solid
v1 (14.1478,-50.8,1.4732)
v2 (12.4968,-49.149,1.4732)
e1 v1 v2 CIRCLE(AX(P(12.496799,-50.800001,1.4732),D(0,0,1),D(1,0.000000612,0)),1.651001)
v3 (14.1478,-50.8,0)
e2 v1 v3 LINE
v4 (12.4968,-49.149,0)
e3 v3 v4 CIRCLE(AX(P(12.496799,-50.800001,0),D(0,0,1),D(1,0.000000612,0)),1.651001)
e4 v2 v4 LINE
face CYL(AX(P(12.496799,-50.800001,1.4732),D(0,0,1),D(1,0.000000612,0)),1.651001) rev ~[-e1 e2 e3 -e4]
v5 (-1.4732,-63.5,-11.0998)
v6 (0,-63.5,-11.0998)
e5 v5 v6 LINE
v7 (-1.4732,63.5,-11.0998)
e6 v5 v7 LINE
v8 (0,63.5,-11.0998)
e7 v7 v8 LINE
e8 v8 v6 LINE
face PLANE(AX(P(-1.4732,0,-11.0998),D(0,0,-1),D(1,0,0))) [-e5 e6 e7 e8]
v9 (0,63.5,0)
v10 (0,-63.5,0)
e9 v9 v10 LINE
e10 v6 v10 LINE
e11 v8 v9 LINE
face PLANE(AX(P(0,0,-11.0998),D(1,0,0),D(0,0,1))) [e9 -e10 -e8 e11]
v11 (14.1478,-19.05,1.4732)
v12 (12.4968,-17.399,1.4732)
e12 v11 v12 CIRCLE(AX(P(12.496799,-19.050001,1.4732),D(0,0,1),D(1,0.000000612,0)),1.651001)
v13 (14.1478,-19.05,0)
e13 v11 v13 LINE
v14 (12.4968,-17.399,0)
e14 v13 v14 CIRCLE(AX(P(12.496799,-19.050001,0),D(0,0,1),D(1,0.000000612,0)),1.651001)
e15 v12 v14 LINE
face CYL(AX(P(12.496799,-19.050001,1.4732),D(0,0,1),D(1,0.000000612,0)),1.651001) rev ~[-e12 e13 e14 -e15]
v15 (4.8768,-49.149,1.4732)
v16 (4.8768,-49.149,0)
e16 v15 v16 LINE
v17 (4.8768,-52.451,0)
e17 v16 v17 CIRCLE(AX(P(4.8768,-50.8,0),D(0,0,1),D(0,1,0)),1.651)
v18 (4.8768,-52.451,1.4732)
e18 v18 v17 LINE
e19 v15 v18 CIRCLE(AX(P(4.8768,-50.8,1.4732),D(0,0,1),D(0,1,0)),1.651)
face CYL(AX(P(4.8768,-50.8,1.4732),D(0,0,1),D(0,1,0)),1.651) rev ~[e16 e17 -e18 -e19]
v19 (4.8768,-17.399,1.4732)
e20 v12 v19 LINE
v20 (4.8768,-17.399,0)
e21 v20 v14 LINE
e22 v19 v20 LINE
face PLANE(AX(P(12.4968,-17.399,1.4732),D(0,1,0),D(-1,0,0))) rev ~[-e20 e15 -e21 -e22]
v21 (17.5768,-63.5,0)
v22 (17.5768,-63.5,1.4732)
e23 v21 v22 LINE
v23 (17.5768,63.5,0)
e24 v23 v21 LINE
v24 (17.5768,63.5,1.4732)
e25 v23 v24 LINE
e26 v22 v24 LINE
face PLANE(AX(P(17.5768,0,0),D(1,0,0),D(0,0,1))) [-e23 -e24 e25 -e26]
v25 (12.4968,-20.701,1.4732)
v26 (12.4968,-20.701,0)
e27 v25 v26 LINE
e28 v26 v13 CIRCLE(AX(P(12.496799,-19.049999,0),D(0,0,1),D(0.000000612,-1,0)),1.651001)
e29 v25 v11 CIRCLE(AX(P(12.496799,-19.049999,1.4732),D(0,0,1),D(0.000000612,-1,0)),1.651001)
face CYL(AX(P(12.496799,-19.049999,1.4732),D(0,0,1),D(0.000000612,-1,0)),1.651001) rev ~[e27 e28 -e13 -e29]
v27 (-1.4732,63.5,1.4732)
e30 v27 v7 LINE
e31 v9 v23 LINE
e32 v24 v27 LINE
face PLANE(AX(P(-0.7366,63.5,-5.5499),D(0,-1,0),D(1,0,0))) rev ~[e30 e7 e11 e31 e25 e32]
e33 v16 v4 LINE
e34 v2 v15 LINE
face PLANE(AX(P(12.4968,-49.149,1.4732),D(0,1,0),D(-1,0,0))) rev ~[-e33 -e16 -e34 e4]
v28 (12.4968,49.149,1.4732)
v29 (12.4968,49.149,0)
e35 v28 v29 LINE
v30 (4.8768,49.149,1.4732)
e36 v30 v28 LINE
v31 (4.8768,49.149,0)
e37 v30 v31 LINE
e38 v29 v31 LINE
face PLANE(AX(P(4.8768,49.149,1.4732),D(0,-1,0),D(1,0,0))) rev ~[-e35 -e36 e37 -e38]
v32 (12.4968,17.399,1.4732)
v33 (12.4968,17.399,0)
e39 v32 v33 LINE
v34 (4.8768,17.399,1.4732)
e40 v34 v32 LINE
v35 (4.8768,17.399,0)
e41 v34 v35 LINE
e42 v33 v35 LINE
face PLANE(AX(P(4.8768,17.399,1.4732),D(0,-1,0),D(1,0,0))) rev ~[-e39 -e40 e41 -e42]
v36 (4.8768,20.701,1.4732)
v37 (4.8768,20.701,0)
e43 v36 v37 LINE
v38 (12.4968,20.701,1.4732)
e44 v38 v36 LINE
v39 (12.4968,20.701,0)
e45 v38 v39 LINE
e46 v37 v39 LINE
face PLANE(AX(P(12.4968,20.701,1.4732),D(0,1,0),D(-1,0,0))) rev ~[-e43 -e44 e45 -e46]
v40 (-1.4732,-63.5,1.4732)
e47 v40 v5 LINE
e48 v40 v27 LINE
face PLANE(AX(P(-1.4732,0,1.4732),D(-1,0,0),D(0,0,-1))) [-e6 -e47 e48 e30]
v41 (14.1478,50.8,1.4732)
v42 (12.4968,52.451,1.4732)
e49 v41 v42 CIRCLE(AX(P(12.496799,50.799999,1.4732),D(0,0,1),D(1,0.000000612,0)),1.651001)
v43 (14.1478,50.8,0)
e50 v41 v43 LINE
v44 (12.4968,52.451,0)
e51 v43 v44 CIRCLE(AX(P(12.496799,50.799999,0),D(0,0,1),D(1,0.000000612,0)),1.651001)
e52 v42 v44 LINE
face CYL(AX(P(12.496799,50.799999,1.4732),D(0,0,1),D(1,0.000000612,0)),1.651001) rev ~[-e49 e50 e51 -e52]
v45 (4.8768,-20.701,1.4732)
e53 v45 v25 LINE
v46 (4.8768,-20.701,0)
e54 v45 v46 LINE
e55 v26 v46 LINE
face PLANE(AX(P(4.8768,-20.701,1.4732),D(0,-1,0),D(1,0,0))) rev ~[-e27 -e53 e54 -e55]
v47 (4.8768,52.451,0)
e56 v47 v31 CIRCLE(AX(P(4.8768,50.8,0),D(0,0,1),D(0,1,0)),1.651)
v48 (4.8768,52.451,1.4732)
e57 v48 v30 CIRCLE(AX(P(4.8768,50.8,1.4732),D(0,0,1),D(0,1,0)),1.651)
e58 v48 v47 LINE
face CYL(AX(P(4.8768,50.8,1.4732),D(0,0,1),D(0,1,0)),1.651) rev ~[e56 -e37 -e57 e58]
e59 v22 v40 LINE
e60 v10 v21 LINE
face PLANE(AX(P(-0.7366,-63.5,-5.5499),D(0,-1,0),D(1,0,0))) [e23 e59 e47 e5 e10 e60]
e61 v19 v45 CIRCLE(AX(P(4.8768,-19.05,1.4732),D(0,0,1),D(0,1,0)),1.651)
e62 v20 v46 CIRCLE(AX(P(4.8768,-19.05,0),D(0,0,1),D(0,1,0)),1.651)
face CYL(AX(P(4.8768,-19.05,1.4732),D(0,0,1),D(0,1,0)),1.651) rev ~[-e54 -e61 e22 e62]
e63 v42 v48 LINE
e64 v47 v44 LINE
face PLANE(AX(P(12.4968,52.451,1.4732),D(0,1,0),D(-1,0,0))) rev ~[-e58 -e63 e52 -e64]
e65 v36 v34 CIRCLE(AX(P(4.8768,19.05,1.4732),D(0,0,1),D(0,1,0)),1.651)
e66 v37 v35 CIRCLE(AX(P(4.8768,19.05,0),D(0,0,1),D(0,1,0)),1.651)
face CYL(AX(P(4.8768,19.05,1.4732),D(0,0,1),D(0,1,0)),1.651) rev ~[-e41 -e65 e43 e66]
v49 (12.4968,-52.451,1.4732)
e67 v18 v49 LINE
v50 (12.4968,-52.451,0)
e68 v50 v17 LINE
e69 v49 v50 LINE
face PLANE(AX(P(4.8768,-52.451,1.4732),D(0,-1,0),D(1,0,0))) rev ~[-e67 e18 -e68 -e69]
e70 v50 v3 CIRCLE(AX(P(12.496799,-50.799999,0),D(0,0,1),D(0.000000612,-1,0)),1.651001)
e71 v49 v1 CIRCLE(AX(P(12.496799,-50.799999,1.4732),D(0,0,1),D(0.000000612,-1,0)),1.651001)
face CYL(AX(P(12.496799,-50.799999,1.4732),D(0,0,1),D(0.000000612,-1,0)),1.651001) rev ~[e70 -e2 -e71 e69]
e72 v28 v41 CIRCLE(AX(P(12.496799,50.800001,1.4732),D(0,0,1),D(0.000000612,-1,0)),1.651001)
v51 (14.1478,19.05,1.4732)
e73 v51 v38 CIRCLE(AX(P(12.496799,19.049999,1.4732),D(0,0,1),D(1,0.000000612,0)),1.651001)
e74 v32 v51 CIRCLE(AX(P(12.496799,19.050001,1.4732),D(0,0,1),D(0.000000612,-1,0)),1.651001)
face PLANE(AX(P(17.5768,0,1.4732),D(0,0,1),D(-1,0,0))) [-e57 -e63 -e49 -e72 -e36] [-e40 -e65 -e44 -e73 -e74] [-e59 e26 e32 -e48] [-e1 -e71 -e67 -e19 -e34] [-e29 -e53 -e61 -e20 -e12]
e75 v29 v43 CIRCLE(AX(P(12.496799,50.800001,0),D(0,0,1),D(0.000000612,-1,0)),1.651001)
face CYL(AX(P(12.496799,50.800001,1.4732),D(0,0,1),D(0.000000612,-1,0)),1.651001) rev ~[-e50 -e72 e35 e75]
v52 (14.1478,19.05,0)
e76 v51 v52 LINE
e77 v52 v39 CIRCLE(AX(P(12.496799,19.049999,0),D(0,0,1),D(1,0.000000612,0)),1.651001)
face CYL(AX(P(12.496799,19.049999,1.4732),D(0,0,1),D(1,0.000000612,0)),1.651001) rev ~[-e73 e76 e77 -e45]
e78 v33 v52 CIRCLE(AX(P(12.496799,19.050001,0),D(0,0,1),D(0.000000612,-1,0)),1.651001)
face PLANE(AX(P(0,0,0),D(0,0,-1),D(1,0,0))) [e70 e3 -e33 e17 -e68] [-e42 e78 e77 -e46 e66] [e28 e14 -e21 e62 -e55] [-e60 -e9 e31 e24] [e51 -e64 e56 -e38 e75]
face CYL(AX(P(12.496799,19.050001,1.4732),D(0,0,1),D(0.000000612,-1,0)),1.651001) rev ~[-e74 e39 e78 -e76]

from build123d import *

# Parameters (mm, degrees)
F0_W     = 1.4732
F0_H     = 11.0998
F0_H_2   = 1.4732
F0_W_2   = 17.5768
F1_DEPTH = 63.5
F3_DEPTH = 12.574


with BuildPart() as f1:
    # F0 (on Front) → F1 (new body, symmetric)
    with BuildSketch(Plane.XZ):
        with Locations((-0.7366, -5.5499)):
            Rectangle(F0_W, F0_H)
        with Locations((-0.7366, 0.7366)):
            Rectangle(F0_W, F0_H_2)
        with Locations((8.7884, 0.7366)):
            Rectangle(F0_W_2, F0_H_2)
    extrude(amount=F1_DEPTH, both=True)

    # F2 (on face) → F3 (cut, through all)
    with BuildSketch(Plane.XY.offset(1.4732)):
        with BuildLine():
            ThreePointArc((12.4968, -52.451), (10.8458, -50.8), (12.4968, -49.149))
            Line((12.4968, -49.149), (4.8768, -49.149))
            ThreePointArc((4.8768, -49.149), (6.044233, -49.632567), (6.5278, -50.8))
            ThreePointArc((6.5278, -50.8), (6.044233, -51.967433), (4.8768, -52.451))
            Line((4.8768, -52.451), (12.4968, -52.451))
        make_face()
        with BuildLine():
            ThreePointArc((6.5278, -50.8), (6.044233, -49.632567), (4.8768, -49.149))
            ThreePointArc((4.8768, -49.149), (3.2258, -50.8), (4.8768, -52.451))
            ThreePointArc((4.8768, -52.451), (6.044233, -51.967433), (6.5278, -50.8))
        make_face()
        with BuildLine():
            ThreePointArc((12.4968, -52.451), (13.664233, -51.967433), (14.1478, -50.8))
            ThreePointArc((14.1478, -50.8), (13.664233, -49.632567), (12.4968, -49.149))
            ThreePointArc((12.4968, -49.149), (10.8458, -50.8), (12.4968, -52.451))
        make_face()
        with BuildLine():
            ThreePointArc((14.1478, -19.05), (13.664233, -17.882567), (12.4968, -17.399))
            ThreePointArc((12.4968, -17.399), (10.8458, -19.05), (12.4968, -20.701))
            ThreePointArc((12.4968, -20.701), (13.664233, -20.217433), (14.1478, -19.05))
        make_face()
        with BuildLine():
            Line((12.4968, -17.399), (4.8768, -17.399))
            ThreePointArc((4.8768, -17.399), (6.044233, -17.882567), (6.5278, -19.05))
            ThreePointArc((6.5278, -19.05), (6.044233, -20.217433), (4.8768, -20.701))
            Line((4.8768, -20.701), (12.4968, -20.701))
            ThreePointArc((12.4968, -20.701), (10.8458, -19.05), (12.4968, -17.399))
        make_face()
        with BuildLine():
            ThreePointArc((6.5278, -19.05), (6.044233, -17.882567), (4.8768, -17.399))
            ThreePointArc((4.8768, -17.399), (3.2258, -19.05), (4.8768, -20.701))
            ThreePointArc((4.8768, -20.701), (6.044233, -20.217433), (6.5278, -19.05))
        make_face()
        with BuildLine():
            ThreePointArc((12.4968, 20.701), (10.8458, 19.05), (12.4968, 17.399))
            ThreePointArc((12.4968, 17.399), (13.664233, 17.882567), (14.1478, 19.05))
            ThreePointArc((14.1478, 19.05), (13.664233, 20.217433), (12.4968, 20.701))
        make_face()
        with BuildLine():
            ThreePointArc((6.5278, 19.05), (6.044233, 17.882567), (4.8768, 17.399))
            Line((4.8768, 17.399), (12.4968, 17.399))
            ThreePointArc((12.4968, 17.399), (10.8458, 19.05), (12.4968, 20.701))
            Line((12.4968, 20.701), (4.8768, 20.701))
            ThreePointArc((4.8768, 20.701), (6.044233, 20.217433), (6.5278, 19.05))
        make_face()
        with BuildLine():
            ThreePointArc((4.8768, 20.701), (3.2258, 19.05), (4.8768, 17.399))
            ThreePointArc((4.8768, 17.399), (6.044233, 17.882567), (6.5278, 19.05))
            ThreePointArc((6.5278, 19.05), (6.044233, 20.217433), (4.8768, 20.701))
        make_face()
        with BuildLine():
            ThreePointArc((12.4968, 49.149), (13.664233, 49.632567), (14.1478, 50.8))
            ThreePointArc((14.1478, 50.8), (13.664233, 51.967433), (12.4968, 52.451))
            ThreePointArc((12.4968, 52.451), (10.8458, 50.8), (12.4968, 49.149))
        make_face()
        with BuildLine():
            ThreePointArc((12.4968, 49.149), (10.8458, 50.8), (12.4968, 52.451))
            Line((12.4968, 52.451), (4.8768, 52.451))
            ThreePointArc((4.8768, 52.451), (6.044233, 51.967433), (6.5278, 50.8))
            ThreePointArc((6.5278, 50.8), (6.044233, 49.632567), (4.8768, 49.149))
            Line((4.8768, 49.149), (12.4968, 49.149))
        make_face()
        with BuildLine():
            ThreePointArc((6.5278, 50.8), (6.044233, 51.967433), (4.8768, 52.451))
            ThreePointArc((4.8768, 52.451), (3.2258, 50.8), (4.8768, 49.149))
            ThreePointArc((4.8768, 49.149), (6.044233, 49.632567), (6.5278, 50.8))
        make_face()
    extrude(amount=-F3_DEPTH, mode=Mode.SUBTRACT)


solid = f1.part
